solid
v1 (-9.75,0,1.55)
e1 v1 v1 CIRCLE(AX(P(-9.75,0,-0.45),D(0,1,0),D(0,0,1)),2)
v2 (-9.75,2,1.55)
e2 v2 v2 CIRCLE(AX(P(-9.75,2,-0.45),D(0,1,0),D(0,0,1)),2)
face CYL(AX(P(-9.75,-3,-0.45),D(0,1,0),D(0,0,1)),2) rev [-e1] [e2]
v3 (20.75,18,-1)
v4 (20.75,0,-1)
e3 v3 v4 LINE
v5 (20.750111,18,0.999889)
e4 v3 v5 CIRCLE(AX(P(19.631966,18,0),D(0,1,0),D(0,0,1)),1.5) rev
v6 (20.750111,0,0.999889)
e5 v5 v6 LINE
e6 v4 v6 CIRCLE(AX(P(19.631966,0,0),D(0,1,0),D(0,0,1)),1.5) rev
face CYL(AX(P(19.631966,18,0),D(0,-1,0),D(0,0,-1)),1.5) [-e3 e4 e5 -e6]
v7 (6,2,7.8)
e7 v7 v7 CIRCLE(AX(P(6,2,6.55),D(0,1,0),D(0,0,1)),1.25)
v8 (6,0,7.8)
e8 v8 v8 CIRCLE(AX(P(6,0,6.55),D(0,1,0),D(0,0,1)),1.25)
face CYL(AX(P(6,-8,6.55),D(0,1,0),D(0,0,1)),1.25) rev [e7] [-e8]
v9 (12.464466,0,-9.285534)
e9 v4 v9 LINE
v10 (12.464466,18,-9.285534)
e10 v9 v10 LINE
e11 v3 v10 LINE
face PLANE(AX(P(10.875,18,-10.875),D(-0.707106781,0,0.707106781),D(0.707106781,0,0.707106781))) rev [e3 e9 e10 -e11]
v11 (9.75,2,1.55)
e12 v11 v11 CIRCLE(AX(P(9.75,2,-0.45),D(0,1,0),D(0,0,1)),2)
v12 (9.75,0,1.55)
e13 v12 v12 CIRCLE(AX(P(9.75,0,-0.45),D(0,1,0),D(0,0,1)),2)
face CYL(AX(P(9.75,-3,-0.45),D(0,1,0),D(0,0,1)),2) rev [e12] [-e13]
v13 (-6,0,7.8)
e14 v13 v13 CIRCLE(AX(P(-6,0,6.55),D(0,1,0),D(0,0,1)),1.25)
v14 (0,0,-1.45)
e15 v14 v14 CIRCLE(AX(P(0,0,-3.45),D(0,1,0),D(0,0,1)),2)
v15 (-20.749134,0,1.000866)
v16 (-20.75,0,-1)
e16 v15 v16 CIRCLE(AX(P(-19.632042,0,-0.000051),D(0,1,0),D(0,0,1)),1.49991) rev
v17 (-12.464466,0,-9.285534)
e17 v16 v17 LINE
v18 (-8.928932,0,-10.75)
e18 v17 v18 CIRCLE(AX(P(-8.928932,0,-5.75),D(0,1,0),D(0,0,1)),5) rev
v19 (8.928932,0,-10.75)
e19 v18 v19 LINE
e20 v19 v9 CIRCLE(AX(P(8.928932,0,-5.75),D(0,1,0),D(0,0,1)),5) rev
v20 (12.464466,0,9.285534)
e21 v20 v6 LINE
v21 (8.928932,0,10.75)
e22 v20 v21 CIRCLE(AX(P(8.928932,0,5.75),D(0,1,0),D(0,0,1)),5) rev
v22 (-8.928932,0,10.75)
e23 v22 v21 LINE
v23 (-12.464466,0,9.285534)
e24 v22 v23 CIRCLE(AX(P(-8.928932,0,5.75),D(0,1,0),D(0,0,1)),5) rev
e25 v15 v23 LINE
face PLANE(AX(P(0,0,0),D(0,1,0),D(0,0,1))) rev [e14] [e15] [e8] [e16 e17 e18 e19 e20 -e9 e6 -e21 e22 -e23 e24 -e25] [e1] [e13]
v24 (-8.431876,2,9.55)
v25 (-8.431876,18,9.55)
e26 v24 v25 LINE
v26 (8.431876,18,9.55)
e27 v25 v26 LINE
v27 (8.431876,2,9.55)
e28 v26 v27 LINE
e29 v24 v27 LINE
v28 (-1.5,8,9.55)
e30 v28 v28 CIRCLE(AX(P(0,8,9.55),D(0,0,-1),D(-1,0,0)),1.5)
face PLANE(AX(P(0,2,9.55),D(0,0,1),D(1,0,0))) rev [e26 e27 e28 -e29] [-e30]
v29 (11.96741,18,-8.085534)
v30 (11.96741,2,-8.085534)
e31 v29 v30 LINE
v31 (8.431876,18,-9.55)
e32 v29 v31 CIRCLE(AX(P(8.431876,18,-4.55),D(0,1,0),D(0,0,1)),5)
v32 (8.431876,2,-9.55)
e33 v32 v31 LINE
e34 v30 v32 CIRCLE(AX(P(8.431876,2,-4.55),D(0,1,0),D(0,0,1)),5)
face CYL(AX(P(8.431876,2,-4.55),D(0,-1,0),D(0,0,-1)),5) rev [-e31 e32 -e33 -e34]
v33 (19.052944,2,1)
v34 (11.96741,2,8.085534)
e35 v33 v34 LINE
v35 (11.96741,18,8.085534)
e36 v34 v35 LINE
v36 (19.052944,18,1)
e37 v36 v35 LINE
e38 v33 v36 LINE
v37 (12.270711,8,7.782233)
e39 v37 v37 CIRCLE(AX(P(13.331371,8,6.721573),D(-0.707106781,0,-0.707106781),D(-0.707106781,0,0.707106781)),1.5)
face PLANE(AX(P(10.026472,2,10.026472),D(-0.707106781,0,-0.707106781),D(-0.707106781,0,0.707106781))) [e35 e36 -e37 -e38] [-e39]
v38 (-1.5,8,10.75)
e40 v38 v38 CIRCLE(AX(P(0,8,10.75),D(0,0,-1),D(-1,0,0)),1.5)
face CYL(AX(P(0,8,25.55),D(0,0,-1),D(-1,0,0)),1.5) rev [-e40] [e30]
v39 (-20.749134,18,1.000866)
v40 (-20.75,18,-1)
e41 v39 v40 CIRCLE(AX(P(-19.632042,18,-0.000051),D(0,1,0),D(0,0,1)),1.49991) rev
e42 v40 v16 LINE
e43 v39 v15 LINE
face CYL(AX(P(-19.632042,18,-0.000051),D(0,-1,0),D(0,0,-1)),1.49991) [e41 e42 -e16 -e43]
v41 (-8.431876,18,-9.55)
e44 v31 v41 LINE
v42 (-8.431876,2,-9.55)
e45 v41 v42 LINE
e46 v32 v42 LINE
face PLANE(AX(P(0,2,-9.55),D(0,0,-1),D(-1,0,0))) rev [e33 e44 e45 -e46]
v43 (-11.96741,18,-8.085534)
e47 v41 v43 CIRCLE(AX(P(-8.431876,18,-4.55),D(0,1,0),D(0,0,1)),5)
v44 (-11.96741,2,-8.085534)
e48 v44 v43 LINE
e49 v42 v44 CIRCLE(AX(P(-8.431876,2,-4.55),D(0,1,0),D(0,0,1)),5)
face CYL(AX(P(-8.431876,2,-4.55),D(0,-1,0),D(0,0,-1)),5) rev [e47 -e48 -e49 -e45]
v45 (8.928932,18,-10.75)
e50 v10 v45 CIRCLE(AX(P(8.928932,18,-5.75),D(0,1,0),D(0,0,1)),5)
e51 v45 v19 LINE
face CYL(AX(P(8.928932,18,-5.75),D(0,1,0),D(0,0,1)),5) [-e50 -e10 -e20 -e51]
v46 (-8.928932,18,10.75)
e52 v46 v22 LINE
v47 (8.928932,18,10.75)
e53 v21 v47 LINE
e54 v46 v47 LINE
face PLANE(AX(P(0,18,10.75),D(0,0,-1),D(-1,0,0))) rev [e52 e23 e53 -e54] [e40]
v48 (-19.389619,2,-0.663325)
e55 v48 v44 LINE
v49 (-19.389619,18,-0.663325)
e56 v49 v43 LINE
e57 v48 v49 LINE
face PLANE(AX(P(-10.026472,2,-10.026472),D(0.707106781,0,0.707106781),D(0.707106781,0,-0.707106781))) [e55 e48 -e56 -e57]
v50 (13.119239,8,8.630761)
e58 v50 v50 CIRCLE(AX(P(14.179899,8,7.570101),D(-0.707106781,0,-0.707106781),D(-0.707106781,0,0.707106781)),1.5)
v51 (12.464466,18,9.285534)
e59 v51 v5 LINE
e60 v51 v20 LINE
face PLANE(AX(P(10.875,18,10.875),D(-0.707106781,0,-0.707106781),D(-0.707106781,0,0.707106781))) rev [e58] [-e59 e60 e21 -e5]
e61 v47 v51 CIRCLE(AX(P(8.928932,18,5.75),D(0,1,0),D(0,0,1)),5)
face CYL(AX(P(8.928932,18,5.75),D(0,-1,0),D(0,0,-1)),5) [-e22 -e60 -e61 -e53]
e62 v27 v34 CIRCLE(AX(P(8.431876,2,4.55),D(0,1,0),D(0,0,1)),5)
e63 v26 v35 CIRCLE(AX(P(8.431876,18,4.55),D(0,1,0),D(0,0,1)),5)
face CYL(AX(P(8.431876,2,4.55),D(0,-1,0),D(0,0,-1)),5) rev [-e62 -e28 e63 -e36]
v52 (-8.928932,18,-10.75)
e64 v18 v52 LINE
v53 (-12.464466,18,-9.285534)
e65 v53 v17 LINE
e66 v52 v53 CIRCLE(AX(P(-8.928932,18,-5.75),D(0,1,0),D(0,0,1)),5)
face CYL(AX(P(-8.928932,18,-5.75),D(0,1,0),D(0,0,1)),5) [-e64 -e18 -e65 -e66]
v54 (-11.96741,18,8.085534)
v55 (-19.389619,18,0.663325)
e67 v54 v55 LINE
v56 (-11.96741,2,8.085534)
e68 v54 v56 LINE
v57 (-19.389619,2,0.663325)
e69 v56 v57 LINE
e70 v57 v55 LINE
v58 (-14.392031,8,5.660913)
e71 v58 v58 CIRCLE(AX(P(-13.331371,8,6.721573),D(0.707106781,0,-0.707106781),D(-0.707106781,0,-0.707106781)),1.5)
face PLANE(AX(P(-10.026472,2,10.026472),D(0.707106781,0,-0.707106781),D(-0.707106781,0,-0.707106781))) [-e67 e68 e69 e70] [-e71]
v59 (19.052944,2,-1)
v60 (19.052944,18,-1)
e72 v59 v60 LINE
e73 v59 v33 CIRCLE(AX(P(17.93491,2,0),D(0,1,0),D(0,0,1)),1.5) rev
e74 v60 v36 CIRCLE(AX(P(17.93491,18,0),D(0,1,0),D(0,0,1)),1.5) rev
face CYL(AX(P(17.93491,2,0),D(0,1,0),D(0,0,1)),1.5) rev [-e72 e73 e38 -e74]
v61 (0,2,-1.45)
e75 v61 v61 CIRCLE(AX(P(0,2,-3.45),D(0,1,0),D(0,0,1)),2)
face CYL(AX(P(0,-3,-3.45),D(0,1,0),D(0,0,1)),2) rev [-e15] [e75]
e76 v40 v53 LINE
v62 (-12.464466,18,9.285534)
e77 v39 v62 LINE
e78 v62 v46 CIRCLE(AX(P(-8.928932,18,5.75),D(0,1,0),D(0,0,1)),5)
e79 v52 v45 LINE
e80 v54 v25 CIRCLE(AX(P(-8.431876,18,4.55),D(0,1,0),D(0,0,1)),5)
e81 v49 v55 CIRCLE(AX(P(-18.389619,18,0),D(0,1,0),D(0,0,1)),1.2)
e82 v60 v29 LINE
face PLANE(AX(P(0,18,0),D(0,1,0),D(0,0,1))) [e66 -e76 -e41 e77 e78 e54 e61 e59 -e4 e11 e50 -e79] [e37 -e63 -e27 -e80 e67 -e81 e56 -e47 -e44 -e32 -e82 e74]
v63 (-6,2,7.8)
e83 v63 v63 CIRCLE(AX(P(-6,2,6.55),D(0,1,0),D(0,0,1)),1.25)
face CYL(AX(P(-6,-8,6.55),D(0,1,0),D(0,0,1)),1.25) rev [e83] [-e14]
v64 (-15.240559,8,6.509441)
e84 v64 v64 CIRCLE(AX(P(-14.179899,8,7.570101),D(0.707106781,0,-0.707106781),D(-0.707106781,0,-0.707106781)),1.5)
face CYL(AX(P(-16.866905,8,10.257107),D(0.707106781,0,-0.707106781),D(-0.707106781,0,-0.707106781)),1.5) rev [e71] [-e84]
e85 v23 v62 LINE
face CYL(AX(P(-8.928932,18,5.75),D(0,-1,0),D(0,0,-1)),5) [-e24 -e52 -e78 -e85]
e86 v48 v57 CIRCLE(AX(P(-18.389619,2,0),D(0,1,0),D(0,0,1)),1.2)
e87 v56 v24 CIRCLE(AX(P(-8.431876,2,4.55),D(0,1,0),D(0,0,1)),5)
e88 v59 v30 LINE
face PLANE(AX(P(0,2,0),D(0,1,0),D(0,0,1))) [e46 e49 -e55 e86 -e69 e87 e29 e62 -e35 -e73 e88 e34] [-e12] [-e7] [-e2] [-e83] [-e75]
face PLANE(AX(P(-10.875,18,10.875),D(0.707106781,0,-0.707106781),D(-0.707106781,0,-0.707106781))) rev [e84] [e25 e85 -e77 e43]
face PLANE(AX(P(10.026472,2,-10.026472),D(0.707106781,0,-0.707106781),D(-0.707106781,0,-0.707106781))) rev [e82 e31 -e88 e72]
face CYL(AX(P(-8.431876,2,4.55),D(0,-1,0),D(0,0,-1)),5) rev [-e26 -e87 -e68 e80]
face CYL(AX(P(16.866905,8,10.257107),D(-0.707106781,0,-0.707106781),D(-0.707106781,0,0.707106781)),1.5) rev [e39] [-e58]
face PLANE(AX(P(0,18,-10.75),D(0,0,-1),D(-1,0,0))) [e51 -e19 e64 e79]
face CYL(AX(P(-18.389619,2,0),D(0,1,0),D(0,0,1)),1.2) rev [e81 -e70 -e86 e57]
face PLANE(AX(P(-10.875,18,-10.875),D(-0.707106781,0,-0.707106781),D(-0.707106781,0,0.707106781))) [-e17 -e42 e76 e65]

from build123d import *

# Parameters (mm, degrees)
RESSALTO_EXTRUS_O1_DEPTH = 18
CORTE_EXTRUS_O1_DEPTH    = 16
ESBO_O3_R                = 1.5
CORTE_EXTRUS_O2_DEPTH    = 16
ESBO_O4_R                = 1.5
CORTE_EXTRUS_O5_DEPTH    = 5
ESBO_O11_R               = 1.5
CORTE_EXTRUS_O6_DEPTH    = 5
ESBO_O16_R               = 2
CORTE_EXTRUS_O7_DEPTH    = 5
ESBO_O17_R               = 1.25
CORTE_EXTRUS_O8_DEPTH    = 10
FILETE1_R                = 5
FILETE2_R                = 5
FILETE3_R                = 5
FILETE4_R                = 5
FILETE5_R                = 5
FILETE6_R                = 5
FILETE7_R                = 5
FILETE8_R                = 5


with BuildPart() as part:
    # Esboço1 → Ressalto-extrusão1 (new body)
    with BuildSketch(Plane(origin=(0, 0, 0), x_dir=(1, 0, 0), z_dir=(0, 1, 0))):
        with BuildLine():
            ThreePointArc((-20.749133867, -1.000866133), (-21.131951371, -0.000598593), (-20.75, 1))
            Line((-20.75, 1), (-11, 10.75))
            Line((-11, 10.75), (11, 10.75))
            Line((11, 10.75), (20.75, 1))
            ThreePointArc((20.75, 1), (21.131966011, 0), (20.750111133, -0.999888867))
            Line((20.750111133, -0.999888867), (11, -10.75))
            Line((11, -10.75), (-11, -10.75))
            Line((-11, -10.75), (-20.749133867, -1.000866133))
        make_face()
    extrude(amount=RESSALTO_EXTRUS_O1_DEPTH)

    # Esboço2 → Corte-extrusão1 (cut)
    with BuildSketch(Plane(origin=(0, 18, 0), x_dir=(1, 0, 0), z_dir=(0, 1, 0))):
        with BuildLine():
            Line((9.972089297, 9.55), (-10.502943725, 9.55))
            Line((-10.502943725, 9.55), (-19.052943725, 1))
            Line((-19.052943725, 1), (-19.389618767, 0.663324958))
            ThreePointArc((-19.389618767, 0.663324958), (-19.589618767, 0), (-19.389618767, -0.663324958))
            Line((-19.389618767, -0.663324958), (-19.052943725, -1))
            Line((-19.052943725, -1), (-10.502943725, -9.55))
            Line((-10.502943725, -9.55), (10.502943725, -9.55))
            Line((10.502943725, -9.55), (19.052943725, -1))
            ThreePointArc((19.052943725, -1), (19.434909736, 0), (19.052943725, 1))
            Line((19.052943725, 1), (11.538307765, 8.51463596))
            Line((11.538307765, 8.51463596), (10.502943725, 9.55))
            Line((10.502943725, 9.55), (9.972089297, 9.55))
        make_face()
    extrude(amount=-CORTE_EXTRUS_O1_DEPTH, mode=Mode.SUBTRACT)

    # Esboço3 → Corte-extrusão2 (cut)
    with BuildSketch(Plane(origin=(0, 0, 9.55), x_dir=(-1, 0, 0), z_dir=(0, 0, -1))):
        with Locations((0, 8)):
            Circle(ESBO_O3_R)
    extrude(amount=-CORTE_EXTRUS_O2_DEPTH, mode=Mode.SUBTRACT)

    # Esboço4 → Corte-extrusão5 (cut)
    with BuildSketch(Plane(origin=(10.026471863, 0, 10.026471863), x_dir=(-0.7071067811865475, 0, 0.7071067811865477), z_dir=(-0.7071067811865477, 0, -0.7071067811865475))):
        with Locations((-4.67383297, 8)):
            Circle(ESBO_O4_R)
    extrude(amount=-CORTE_EXTRUS_O5_DEPTH, mode=Mode.SUBTRACT)

    # Esboço11 → Corte-extrusão6 (cut)
    with BuildSketch(Plane(origin=(-10.026471863, 0, 10.026471863), x_dir=(-0.7071067811865477, 0, -0.7071067811865474), z_dir=(0.7071067811865474, 0, -0.7071067811865477))):
        with Locations((4.67383297, 8)):
            Circle(ESBO_O11_R)
    extrude(amount=-CORTE_EXTRUS_O6_DEPTH, mode=Mode.SUBTRACT)

    # Esboço16 → Corte-extrusão7 (cut)
    with BuildSketch(Plane(origin=(0, 2, 0), x_dir=(1, 0, 0), z_dir=(0, 1, 0))):
        with Locations(Location((-9.75, 0.45, 0), (0, 0, 270))):
            Circle(ESBO_O16_R)
        with Locations(Location((9.75, 0.45, 0), (0, 0, 270))):
            Circle(ESBO_O16_R)
        with Locations(Location((0, 3.45, 0), (0, 0, 270))):
            Circle(ESBO_O16_R)
    extrude(amount=-CORTE_EXTRUS_O7_DEPTH, mode=Mode.SUBTRACT)

    # Esboço17 → Corte-extrusão8 (cut)
    with BuildSketch(Plane(origin=(0, 2, 0), x_dir=(1, 0, 0), z_dir=(0, 1, 0))):
        with Locations(Location((-6, -6.55, 0), (0, 0, 270))):
            Circle(ESBO_O17_R)
        with Locations(Location((6, -6.55, 0), (0, 0, 270))):
            Circle(ESBO_O17_R)
    extrude(amount=-CORTE_EXTRUS_O8_DEPTH, mode=Mode.SUBTRACT)

    # Filete1
    filete1_edges = [part.edges().sort_by_distance(p)[0] for p in [
        (-10.502943725, 10, -9.55),
    ]]
    fillet(filete1_edges, radius=FILETE1_R)

    # Filete2
    filete2_edges = [part.edges().sort_by_distance(p)[0] for p in [
        (10.502943725, 10, -9.55),
    ]]
    fillet(filete2_edges, radius=FILETE2_R)

    # Filete3
    filete3_edges = [part.edges().sort_by_distance(p)[0] for p in [
        (-10.502943725, 10, 9.55),
    ]]
    fillet(filete3_edges, radius=FILETE3_R)

    # Filete4
    filete4_edges = [part.edges().sort_by_distance(p)[0] for p in [
        (10.502943725, 10, 9.55),
    ]]
    fillet(filete4_edges, radius=FILETE4_R)

    # Filete5
    filete5_edges = [part.edges().sort_by_distance(p)[0] for p in [
        (-11, 9, -10.75),
    ]]
    fillet(filete5_edges, radius=FILETE5_R)

    # Filete6
    filete6_edges = [part.edges().sort_by_distance(p)[0] for p in [
        (11, 9, -10.75),
    ]]
    fillet(filete6_edges, radius=FILETE6_R)

    # Filete7
    filete7_edges = [part.edges().sort_by_distance(p)[0] for p in [
        (-11, 9, 10.75),
    ]]
    fillet(filete7_edges, radius=FILETE7_R)

    # Filete8
    filete8_edges = [part.edges().sort_by_distance(p)[0] for p in [
        (11, 9, 10.75),
    ]]
    fillet(filete8_edges, radius=FILETE8_R)


solid = part.part
